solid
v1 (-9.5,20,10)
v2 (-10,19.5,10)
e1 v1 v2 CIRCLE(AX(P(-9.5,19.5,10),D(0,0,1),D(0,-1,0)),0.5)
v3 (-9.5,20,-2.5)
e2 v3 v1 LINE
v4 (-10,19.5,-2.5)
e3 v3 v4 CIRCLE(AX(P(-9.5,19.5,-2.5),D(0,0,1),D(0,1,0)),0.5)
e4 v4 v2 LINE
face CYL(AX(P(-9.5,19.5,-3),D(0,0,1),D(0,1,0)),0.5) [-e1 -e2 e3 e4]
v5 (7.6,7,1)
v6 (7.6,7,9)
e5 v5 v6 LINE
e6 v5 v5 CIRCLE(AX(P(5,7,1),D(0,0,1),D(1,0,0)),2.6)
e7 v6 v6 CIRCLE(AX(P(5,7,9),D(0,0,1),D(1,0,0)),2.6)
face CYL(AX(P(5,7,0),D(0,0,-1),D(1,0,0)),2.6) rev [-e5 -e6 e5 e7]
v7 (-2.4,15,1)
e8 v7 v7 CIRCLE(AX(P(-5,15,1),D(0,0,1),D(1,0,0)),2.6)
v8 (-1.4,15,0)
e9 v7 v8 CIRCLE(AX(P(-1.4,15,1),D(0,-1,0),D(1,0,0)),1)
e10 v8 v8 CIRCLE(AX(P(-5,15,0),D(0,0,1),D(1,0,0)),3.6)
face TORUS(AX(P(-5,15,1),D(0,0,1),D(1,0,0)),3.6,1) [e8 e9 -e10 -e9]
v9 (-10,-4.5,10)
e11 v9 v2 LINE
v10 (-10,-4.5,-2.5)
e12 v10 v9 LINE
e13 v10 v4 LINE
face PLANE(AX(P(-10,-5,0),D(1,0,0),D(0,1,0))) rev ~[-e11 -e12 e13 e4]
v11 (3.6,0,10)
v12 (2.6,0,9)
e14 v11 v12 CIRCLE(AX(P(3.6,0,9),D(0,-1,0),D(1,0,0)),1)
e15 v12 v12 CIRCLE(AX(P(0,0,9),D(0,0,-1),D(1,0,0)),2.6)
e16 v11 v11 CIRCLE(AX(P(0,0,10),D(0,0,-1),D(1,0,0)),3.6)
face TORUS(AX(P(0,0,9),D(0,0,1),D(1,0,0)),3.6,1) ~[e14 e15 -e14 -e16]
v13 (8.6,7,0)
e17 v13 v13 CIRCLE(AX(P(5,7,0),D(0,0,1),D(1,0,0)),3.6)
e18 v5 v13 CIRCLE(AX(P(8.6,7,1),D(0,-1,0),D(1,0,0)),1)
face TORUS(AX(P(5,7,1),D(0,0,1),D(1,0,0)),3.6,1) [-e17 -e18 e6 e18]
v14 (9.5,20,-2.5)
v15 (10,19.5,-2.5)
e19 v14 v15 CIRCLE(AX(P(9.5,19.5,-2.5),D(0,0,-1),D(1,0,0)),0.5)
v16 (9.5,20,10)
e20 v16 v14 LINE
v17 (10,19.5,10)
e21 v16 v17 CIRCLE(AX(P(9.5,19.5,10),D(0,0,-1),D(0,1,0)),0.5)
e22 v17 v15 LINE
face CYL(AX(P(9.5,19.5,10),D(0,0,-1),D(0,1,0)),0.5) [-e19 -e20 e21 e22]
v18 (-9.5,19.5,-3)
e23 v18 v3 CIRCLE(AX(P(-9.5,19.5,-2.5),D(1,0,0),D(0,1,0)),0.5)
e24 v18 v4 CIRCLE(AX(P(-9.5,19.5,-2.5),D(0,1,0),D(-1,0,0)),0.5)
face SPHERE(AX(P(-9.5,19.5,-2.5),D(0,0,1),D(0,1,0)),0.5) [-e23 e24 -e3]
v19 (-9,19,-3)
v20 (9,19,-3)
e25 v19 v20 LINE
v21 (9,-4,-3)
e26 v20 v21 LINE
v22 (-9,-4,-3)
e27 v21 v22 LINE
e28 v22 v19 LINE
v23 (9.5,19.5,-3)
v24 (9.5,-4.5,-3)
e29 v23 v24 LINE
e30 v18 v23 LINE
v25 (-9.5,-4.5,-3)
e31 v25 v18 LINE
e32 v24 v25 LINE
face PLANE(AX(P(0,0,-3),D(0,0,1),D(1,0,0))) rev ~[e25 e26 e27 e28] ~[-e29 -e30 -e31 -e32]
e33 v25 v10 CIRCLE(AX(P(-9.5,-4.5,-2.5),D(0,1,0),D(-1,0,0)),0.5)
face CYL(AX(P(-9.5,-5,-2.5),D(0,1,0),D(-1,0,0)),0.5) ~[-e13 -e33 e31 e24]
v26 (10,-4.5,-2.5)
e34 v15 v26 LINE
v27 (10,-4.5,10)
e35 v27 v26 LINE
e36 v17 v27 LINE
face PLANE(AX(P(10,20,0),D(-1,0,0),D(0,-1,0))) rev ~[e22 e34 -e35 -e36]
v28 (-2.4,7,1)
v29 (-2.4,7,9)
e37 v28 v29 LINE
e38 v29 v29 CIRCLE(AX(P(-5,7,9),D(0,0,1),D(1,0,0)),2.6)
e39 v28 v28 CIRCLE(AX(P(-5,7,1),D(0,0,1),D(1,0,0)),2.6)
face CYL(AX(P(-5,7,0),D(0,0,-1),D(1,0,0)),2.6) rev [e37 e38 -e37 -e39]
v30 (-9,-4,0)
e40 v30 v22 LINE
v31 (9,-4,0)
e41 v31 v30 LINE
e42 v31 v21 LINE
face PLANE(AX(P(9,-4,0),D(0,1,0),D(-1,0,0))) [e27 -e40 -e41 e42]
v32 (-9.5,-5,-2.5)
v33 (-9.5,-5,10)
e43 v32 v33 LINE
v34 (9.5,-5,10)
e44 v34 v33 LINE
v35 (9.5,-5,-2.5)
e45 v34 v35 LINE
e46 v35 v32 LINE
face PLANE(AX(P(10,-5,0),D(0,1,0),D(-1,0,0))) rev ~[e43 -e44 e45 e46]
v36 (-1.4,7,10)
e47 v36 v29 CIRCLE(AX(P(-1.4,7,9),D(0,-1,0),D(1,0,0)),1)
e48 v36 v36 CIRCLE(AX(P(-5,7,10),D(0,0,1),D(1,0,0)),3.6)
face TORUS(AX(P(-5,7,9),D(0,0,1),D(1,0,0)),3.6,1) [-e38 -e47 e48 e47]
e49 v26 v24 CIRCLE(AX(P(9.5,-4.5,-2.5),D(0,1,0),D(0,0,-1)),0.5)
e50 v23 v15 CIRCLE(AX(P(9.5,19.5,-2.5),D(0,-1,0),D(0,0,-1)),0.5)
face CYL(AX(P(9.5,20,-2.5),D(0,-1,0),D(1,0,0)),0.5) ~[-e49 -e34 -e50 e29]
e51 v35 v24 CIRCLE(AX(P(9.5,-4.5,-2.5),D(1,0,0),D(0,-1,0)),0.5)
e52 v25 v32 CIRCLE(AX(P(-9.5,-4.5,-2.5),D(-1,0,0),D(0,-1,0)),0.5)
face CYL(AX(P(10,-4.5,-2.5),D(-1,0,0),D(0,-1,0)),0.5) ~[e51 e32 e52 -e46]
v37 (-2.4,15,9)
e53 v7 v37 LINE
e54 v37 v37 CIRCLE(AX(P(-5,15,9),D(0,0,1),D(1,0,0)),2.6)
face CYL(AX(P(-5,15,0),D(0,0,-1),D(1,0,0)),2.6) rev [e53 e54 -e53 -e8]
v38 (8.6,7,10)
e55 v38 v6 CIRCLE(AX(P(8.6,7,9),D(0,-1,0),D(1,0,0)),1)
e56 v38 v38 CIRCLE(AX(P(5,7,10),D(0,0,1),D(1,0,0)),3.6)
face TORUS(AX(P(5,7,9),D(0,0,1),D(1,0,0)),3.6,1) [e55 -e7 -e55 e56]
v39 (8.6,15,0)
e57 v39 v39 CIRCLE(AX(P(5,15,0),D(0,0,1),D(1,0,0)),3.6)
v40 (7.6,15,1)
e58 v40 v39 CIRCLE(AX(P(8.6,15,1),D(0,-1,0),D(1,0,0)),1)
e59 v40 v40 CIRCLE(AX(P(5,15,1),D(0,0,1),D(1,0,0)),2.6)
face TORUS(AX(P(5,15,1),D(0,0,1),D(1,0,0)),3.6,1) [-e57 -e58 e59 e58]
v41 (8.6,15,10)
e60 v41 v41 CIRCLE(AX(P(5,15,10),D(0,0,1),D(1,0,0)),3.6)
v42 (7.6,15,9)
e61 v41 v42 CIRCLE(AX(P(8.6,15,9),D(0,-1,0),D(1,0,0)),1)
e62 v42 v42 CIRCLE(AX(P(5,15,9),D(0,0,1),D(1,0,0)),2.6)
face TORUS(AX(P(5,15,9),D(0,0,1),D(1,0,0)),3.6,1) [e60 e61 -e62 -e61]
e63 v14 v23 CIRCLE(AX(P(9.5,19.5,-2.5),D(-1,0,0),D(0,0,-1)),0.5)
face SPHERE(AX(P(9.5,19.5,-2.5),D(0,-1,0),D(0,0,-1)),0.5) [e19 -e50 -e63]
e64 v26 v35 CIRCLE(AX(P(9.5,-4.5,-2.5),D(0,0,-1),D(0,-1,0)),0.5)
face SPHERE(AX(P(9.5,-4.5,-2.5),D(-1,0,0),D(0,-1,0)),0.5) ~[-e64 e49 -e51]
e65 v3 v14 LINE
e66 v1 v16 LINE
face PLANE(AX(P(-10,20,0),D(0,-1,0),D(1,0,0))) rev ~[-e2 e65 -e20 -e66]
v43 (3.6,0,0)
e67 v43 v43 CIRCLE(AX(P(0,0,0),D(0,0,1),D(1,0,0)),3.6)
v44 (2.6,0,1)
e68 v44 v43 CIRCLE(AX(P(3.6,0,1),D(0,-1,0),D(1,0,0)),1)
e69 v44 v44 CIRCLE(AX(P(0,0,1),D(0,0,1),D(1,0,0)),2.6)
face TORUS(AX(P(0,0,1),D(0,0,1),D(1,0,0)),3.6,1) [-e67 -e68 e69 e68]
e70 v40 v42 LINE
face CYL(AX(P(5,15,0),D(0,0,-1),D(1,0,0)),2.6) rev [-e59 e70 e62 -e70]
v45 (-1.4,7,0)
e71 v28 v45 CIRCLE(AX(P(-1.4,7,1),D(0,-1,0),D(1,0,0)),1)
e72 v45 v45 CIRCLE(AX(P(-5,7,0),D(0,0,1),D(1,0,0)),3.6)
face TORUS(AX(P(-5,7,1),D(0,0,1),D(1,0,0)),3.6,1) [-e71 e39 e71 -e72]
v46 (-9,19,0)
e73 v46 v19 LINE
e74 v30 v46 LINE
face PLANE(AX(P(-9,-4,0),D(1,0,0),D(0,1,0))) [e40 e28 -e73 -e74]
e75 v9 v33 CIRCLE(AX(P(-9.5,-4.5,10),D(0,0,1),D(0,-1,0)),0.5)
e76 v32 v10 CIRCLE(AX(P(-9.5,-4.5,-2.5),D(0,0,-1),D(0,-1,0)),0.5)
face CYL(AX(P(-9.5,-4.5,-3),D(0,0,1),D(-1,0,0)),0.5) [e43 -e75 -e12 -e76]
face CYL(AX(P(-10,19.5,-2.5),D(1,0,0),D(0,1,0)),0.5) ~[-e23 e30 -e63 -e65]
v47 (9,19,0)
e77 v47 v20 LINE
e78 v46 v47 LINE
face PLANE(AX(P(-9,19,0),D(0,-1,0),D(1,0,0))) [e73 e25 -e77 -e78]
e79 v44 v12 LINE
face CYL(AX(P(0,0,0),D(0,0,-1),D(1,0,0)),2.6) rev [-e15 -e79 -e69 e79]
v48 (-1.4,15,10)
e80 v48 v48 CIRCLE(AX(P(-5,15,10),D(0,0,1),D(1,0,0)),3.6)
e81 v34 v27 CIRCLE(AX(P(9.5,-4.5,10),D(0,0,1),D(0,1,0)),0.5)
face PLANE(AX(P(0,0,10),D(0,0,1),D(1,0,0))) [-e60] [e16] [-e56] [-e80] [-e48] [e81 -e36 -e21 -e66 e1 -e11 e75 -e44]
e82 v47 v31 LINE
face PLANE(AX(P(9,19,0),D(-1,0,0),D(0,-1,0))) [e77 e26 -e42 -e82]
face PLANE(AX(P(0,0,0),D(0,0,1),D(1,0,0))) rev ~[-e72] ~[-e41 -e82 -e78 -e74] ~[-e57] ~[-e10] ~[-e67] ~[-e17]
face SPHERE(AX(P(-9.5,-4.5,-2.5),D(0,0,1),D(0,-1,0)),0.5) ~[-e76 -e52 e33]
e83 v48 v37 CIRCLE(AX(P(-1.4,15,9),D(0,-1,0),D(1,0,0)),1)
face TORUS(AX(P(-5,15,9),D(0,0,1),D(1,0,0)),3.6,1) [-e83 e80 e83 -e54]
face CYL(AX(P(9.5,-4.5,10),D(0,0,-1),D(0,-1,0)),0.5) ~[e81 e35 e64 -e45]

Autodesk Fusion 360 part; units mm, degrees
sketch "Sketch1" plane through (0, 0, 0) normal (0, 0, 1) x (1, 0, 0)
  circle A0 centre (0, 0) radius 2.6
  circle A1 centre (-5, 15) radius 2.6
  circle A2 centre (-5, 7) radius 2.6
  line L0 (0, 0) -> (0, 7)
  circle A3 centre (5, 7) radius 2.6
  circle A4 centre (5, 15) radius 2.6
  line L1 (-10, 20) -> (10, 20)
  line L2 (10, 20) -> (10, -5)
  line L3 (10, -5) -> (-10, -5)
  line L4 (-10, -5) -> (-10, 20)
  line L5 (-9, 19) -> (9, 19)
  line L6 (9, 19) -> (9, -4)
  line L7 (9, -4) -> (-9, -4)
  line L8 (-9, -4) -> (-9, 19)
  dimension "d1" = 5.2
  dimension "d2" = 5.2
  dimension "d3" = 5.2
extrude "Extrude1" add sketch "Sketch1" along normal blind 10 contours L1 L2 L3 L4 | L5 L6 L7 L8
extrude "Extrude2" add sketch "Sketch1" against normal blind 3 contours L1 L2 L3 L4
fillet "Fillet1" radius 1 10 edges at (-7.4241, 15.9402, 10) (-7.4241, 7.9402, 10) (-2.4241, 0.9402, 10) (2.5759, 7.9402, 10) (2.5759, 15.9402, 10) (-7.4241, 15.9402, 0) (2.5759, 15.9402, 0) (2.5759, 7.9402, 0) (-7.4241, 7.9402, 0) (-2.4241, 0.9402, 0)
fillet "Fillet2" radius 0.5 7 edges at (-10, 20, 3.5) (-10, -5, 3.5) (0, -5, -3) (10, -5, 3.5) (10, 7.5, -3) (0, 20, -3) (10, 20, 3.5)
fillet "Fillet2" radius 0.5 1 edges at (-10, 7.5, -3)
